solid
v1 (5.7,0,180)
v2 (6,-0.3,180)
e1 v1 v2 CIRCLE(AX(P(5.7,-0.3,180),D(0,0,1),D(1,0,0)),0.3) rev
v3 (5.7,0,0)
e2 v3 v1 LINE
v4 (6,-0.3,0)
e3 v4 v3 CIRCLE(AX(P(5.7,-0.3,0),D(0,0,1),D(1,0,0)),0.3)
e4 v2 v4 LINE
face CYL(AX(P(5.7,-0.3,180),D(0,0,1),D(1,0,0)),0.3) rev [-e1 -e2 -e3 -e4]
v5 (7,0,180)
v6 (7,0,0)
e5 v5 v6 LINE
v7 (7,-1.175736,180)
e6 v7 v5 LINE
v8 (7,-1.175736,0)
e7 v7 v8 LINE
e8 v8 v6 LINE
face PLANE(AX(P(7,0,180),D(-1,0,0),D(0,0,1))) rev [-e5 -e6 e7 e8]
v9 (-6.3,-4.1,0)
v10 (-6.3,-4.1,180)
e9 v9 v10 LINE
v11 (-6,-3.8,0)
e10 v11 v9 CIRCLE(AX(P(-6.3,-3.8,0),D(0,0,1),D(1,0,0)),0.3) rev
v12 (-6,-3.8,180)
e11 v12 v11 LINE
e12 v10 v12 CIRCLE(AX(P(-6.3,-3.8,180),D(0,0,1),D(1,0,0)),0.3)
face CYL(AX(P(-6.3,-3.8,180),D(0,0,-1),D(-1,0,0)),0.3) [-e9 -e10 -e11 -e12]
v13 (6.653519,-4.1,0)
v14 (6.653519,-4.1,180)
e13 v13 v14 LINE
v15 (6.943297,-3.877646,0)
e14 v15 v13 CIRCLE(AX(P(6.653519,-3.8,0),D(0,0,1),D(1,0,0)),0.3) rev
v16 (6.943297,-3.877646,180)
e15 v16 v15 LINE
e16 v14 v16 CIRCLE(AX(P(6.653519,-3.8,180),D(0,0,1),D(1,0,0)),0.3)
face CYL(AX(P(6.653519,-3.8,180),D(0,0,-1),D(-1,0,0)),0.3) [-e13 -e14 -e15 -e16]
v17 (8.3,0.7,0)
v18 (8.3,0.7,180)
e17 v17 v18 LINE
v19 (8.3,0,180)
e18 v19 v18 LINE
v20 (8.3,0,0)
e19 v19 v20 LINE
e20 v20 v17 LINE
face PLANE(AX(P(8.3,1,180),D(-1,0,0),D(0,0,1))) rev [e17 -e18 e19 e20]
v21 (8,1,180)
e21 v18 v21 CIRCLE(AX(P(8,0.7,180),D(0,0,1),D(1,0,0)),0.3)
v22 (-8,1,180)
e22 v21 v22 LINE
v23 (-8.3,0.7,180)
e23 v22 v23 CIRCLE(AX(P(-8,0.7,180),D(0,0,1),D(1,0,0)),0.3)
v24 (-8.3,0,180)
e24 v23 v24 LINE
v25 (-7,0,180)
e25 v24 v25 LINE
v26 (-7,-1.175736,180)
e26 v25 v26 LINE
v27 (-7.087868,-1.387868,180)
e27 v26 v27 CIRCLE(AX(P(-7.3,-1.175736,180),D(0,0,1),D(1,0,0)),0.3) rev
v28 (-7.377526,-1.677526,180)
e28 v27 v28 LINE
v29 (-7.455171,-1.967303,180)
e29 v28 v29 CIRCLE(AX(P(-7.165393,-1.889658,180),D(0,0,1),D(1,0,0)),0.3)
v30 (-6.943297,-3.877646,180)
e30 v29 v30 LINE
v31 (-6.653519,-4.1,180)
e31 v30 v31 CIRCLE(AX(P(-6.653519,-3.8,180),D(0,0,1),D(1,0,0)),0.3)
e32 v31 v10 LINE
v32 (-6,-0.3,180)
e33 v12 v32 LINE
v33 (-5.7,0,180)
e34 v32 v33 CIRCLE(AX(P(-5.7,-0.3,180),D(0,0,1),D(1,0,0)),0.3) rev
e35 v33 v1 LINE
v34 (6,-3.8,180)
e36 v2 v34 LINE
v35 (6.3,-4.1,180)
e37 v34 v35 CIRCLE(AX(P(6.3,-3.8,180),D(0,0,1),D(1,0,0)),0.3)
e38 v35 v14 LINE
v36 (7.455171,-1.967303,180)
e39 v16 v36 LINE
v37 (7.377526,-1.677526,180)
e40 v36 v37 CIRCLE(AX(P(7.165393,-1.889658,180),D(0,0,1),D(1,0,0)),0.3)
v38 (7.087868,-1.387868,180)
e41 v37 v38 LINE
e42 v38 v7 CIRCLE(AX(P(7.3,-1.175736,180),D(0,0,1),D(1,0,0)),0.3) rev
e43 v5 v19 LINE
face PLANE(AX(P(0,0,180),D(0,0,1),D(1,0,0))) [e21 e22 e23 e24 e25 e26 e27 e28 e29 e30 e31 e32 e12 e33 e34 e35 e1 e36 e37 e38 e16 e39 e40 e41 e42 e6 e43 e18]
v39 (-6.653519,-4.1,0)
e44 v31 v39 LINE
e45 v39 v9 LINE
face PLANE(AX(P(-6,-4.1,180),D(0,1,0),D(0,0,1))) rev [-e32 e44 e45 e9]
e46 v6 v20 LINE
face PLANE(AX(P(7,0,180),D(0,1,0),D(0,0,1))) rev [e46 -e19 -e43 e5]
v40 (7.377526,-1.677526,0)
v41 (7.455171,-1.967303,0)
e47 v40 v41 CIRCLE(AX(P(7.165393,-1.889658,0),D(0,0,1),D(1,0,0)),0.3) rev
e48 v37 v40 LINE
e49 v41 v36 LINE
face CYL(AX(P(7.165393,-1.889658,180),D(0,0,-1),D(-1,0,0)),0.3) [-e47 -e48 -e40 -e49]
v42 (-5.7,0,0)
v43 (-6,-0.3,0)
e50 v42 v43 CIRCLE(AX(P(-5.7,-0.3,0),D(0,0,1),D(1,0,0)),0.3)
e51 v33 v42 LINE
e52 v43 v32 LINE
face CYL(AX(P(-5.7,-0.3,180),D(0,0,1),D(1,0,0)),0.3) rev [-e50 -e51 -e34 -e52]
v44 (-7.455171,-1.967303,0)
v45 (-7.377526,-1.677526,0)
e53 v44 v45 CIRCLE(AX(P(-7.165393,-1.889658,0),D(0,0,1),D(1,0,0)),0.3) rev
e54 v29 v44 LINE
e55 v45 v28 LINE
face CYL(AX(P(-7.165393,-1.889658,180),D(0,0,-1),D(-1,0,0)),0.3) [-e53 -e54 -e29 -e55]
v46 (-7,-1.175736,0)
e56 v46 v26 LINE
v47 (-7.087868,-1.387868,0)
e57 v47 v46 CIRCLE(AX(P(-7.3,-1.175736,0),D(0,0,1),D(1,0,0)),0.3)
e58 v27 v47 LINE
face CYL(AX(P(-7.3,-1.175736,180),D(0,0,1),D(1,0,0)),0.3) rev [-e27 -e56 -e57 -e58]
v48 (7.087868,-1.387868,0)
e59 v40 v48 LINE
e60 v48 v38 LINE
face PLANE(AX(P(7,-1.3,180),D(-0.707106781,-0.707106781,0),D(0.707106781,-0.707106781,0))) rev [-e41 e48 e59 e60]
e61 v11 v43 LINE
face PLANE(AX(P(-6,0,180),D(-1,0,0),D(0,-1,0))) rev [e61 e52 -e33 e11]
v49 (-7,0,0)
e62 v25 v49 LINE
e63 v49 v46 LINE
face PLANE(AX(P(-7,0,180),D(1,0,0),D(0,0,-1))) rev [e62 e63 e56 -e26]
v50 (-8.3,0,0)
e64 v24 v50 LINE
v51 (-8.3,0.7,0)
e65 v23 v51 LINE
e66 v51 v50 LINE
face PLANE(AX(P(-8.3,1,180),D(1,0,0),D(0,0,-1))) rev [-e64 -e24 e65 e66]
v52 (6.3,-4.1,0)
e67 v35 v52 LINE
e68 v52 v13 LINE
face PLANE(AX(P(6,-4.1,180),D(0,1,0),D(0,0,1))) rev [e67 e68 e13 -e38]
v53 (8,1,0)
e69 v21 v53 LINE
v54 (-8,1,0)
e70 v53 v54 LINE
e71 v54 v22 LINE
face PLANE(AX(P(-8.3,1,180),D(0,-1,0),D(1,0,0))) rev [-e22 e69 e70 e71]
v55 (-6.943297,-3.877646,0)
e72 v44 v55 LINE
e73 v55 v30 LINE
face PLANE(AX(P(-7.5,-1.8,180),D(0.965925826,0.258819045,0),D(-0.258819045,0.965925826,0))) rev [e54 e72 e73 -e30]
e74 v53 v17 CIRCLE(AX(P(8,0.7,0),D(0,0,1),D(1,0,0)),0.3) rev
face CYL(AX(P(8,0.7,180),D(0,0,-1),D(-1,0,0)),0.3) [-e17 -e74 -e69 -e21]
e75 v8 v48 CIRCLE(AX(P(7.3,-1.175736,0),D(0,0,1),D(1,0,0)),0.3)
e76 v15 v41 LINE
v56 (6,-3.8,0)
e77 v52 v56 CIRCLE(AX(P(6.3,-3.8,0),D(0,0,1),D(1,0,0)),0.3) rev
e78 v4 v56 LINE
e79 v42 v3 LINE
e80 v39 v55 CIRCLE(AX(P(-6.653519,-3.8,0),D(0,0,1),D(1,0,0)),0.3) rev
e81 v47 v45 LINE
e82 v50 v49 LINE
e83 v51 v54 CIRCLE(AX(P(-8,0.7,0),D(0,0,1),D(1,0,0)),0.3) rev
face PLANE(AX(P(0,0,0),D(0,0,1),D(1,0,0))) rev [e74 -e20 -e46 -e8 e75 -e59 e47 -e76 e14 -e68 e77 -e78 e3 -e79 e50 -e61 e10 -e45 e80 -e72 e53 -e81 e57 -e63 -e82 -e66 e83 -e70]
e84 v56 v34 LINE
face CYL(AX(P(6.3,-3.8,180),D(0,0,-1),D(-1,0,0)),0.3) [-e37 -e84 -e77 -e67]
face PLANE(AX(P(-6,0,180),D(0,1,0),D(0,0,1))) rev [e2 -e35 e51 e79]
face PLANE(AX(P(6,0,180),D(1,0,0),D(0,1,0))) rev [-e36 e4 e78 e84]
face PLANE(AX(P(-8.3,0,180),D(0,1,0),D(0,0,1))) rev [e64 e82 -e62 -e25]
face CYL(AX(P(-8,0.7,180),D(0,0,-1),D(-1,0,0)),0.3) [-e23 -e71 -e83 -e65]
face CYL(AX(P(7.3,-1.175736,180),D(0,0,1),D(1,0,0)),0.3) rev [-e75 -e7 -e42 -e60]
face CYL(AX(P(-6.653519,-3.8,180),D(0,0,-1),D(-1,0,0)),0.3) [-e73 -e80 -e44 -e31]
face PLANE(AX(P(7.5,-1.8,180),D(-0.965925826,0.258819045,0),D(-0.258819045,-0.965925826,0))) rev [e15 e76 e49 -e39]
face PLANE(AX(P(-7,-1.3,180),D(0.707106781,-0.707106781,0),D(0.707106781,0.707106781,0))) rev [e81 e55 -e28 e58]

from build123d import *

# Parameters (mm, degrees)
BOSS_EXTRUDE1_DEPTH = 180
FILLET1_R           = 0.3


with BuildPart() as part:
    # Sketch1 → Boss-Extrude1 (new body)
    with BuildSketch(Plane.XY):
        Polygon((-8.3, 1), (8.3, 1), (8.3, 0), (7, 0), (7, -1.3), (7.5, -1.8), (6.883716857, -4.1), (6, -4.1), (6, 0), (-6, 0), (-6, -4.1), (-6.883716857, -4.1), (-7.5, -1.8), (-7, -1.3), (-7, 0), (-8.3, 0), align=None)
    extrude(amount=BOSS_EXTRUDE1_DEPTH)

    # Fillet1
    fillet1_edges = [part.edges().sort_by_distance(p)[0] for p in [
        (-8.3, 1, 90),
        (8.3, 1, 90),
        (7, -1.3, 90),
        (7.5, -1.8, 90),
        (6.883716857, -4.1, 90),
        (6, -4.1, 90),
        (6, 0, 90),
        (-6, 0, 90),
        (-6, -4.1, 90),
        (-6.883716857, -4.1, 90),
        (-7.5, -1.8, 90),
        (-7, -1.3, 90),
    ]]
    fillet(fillet1_edges, radius=FILLET1_R)


solid = part.part
